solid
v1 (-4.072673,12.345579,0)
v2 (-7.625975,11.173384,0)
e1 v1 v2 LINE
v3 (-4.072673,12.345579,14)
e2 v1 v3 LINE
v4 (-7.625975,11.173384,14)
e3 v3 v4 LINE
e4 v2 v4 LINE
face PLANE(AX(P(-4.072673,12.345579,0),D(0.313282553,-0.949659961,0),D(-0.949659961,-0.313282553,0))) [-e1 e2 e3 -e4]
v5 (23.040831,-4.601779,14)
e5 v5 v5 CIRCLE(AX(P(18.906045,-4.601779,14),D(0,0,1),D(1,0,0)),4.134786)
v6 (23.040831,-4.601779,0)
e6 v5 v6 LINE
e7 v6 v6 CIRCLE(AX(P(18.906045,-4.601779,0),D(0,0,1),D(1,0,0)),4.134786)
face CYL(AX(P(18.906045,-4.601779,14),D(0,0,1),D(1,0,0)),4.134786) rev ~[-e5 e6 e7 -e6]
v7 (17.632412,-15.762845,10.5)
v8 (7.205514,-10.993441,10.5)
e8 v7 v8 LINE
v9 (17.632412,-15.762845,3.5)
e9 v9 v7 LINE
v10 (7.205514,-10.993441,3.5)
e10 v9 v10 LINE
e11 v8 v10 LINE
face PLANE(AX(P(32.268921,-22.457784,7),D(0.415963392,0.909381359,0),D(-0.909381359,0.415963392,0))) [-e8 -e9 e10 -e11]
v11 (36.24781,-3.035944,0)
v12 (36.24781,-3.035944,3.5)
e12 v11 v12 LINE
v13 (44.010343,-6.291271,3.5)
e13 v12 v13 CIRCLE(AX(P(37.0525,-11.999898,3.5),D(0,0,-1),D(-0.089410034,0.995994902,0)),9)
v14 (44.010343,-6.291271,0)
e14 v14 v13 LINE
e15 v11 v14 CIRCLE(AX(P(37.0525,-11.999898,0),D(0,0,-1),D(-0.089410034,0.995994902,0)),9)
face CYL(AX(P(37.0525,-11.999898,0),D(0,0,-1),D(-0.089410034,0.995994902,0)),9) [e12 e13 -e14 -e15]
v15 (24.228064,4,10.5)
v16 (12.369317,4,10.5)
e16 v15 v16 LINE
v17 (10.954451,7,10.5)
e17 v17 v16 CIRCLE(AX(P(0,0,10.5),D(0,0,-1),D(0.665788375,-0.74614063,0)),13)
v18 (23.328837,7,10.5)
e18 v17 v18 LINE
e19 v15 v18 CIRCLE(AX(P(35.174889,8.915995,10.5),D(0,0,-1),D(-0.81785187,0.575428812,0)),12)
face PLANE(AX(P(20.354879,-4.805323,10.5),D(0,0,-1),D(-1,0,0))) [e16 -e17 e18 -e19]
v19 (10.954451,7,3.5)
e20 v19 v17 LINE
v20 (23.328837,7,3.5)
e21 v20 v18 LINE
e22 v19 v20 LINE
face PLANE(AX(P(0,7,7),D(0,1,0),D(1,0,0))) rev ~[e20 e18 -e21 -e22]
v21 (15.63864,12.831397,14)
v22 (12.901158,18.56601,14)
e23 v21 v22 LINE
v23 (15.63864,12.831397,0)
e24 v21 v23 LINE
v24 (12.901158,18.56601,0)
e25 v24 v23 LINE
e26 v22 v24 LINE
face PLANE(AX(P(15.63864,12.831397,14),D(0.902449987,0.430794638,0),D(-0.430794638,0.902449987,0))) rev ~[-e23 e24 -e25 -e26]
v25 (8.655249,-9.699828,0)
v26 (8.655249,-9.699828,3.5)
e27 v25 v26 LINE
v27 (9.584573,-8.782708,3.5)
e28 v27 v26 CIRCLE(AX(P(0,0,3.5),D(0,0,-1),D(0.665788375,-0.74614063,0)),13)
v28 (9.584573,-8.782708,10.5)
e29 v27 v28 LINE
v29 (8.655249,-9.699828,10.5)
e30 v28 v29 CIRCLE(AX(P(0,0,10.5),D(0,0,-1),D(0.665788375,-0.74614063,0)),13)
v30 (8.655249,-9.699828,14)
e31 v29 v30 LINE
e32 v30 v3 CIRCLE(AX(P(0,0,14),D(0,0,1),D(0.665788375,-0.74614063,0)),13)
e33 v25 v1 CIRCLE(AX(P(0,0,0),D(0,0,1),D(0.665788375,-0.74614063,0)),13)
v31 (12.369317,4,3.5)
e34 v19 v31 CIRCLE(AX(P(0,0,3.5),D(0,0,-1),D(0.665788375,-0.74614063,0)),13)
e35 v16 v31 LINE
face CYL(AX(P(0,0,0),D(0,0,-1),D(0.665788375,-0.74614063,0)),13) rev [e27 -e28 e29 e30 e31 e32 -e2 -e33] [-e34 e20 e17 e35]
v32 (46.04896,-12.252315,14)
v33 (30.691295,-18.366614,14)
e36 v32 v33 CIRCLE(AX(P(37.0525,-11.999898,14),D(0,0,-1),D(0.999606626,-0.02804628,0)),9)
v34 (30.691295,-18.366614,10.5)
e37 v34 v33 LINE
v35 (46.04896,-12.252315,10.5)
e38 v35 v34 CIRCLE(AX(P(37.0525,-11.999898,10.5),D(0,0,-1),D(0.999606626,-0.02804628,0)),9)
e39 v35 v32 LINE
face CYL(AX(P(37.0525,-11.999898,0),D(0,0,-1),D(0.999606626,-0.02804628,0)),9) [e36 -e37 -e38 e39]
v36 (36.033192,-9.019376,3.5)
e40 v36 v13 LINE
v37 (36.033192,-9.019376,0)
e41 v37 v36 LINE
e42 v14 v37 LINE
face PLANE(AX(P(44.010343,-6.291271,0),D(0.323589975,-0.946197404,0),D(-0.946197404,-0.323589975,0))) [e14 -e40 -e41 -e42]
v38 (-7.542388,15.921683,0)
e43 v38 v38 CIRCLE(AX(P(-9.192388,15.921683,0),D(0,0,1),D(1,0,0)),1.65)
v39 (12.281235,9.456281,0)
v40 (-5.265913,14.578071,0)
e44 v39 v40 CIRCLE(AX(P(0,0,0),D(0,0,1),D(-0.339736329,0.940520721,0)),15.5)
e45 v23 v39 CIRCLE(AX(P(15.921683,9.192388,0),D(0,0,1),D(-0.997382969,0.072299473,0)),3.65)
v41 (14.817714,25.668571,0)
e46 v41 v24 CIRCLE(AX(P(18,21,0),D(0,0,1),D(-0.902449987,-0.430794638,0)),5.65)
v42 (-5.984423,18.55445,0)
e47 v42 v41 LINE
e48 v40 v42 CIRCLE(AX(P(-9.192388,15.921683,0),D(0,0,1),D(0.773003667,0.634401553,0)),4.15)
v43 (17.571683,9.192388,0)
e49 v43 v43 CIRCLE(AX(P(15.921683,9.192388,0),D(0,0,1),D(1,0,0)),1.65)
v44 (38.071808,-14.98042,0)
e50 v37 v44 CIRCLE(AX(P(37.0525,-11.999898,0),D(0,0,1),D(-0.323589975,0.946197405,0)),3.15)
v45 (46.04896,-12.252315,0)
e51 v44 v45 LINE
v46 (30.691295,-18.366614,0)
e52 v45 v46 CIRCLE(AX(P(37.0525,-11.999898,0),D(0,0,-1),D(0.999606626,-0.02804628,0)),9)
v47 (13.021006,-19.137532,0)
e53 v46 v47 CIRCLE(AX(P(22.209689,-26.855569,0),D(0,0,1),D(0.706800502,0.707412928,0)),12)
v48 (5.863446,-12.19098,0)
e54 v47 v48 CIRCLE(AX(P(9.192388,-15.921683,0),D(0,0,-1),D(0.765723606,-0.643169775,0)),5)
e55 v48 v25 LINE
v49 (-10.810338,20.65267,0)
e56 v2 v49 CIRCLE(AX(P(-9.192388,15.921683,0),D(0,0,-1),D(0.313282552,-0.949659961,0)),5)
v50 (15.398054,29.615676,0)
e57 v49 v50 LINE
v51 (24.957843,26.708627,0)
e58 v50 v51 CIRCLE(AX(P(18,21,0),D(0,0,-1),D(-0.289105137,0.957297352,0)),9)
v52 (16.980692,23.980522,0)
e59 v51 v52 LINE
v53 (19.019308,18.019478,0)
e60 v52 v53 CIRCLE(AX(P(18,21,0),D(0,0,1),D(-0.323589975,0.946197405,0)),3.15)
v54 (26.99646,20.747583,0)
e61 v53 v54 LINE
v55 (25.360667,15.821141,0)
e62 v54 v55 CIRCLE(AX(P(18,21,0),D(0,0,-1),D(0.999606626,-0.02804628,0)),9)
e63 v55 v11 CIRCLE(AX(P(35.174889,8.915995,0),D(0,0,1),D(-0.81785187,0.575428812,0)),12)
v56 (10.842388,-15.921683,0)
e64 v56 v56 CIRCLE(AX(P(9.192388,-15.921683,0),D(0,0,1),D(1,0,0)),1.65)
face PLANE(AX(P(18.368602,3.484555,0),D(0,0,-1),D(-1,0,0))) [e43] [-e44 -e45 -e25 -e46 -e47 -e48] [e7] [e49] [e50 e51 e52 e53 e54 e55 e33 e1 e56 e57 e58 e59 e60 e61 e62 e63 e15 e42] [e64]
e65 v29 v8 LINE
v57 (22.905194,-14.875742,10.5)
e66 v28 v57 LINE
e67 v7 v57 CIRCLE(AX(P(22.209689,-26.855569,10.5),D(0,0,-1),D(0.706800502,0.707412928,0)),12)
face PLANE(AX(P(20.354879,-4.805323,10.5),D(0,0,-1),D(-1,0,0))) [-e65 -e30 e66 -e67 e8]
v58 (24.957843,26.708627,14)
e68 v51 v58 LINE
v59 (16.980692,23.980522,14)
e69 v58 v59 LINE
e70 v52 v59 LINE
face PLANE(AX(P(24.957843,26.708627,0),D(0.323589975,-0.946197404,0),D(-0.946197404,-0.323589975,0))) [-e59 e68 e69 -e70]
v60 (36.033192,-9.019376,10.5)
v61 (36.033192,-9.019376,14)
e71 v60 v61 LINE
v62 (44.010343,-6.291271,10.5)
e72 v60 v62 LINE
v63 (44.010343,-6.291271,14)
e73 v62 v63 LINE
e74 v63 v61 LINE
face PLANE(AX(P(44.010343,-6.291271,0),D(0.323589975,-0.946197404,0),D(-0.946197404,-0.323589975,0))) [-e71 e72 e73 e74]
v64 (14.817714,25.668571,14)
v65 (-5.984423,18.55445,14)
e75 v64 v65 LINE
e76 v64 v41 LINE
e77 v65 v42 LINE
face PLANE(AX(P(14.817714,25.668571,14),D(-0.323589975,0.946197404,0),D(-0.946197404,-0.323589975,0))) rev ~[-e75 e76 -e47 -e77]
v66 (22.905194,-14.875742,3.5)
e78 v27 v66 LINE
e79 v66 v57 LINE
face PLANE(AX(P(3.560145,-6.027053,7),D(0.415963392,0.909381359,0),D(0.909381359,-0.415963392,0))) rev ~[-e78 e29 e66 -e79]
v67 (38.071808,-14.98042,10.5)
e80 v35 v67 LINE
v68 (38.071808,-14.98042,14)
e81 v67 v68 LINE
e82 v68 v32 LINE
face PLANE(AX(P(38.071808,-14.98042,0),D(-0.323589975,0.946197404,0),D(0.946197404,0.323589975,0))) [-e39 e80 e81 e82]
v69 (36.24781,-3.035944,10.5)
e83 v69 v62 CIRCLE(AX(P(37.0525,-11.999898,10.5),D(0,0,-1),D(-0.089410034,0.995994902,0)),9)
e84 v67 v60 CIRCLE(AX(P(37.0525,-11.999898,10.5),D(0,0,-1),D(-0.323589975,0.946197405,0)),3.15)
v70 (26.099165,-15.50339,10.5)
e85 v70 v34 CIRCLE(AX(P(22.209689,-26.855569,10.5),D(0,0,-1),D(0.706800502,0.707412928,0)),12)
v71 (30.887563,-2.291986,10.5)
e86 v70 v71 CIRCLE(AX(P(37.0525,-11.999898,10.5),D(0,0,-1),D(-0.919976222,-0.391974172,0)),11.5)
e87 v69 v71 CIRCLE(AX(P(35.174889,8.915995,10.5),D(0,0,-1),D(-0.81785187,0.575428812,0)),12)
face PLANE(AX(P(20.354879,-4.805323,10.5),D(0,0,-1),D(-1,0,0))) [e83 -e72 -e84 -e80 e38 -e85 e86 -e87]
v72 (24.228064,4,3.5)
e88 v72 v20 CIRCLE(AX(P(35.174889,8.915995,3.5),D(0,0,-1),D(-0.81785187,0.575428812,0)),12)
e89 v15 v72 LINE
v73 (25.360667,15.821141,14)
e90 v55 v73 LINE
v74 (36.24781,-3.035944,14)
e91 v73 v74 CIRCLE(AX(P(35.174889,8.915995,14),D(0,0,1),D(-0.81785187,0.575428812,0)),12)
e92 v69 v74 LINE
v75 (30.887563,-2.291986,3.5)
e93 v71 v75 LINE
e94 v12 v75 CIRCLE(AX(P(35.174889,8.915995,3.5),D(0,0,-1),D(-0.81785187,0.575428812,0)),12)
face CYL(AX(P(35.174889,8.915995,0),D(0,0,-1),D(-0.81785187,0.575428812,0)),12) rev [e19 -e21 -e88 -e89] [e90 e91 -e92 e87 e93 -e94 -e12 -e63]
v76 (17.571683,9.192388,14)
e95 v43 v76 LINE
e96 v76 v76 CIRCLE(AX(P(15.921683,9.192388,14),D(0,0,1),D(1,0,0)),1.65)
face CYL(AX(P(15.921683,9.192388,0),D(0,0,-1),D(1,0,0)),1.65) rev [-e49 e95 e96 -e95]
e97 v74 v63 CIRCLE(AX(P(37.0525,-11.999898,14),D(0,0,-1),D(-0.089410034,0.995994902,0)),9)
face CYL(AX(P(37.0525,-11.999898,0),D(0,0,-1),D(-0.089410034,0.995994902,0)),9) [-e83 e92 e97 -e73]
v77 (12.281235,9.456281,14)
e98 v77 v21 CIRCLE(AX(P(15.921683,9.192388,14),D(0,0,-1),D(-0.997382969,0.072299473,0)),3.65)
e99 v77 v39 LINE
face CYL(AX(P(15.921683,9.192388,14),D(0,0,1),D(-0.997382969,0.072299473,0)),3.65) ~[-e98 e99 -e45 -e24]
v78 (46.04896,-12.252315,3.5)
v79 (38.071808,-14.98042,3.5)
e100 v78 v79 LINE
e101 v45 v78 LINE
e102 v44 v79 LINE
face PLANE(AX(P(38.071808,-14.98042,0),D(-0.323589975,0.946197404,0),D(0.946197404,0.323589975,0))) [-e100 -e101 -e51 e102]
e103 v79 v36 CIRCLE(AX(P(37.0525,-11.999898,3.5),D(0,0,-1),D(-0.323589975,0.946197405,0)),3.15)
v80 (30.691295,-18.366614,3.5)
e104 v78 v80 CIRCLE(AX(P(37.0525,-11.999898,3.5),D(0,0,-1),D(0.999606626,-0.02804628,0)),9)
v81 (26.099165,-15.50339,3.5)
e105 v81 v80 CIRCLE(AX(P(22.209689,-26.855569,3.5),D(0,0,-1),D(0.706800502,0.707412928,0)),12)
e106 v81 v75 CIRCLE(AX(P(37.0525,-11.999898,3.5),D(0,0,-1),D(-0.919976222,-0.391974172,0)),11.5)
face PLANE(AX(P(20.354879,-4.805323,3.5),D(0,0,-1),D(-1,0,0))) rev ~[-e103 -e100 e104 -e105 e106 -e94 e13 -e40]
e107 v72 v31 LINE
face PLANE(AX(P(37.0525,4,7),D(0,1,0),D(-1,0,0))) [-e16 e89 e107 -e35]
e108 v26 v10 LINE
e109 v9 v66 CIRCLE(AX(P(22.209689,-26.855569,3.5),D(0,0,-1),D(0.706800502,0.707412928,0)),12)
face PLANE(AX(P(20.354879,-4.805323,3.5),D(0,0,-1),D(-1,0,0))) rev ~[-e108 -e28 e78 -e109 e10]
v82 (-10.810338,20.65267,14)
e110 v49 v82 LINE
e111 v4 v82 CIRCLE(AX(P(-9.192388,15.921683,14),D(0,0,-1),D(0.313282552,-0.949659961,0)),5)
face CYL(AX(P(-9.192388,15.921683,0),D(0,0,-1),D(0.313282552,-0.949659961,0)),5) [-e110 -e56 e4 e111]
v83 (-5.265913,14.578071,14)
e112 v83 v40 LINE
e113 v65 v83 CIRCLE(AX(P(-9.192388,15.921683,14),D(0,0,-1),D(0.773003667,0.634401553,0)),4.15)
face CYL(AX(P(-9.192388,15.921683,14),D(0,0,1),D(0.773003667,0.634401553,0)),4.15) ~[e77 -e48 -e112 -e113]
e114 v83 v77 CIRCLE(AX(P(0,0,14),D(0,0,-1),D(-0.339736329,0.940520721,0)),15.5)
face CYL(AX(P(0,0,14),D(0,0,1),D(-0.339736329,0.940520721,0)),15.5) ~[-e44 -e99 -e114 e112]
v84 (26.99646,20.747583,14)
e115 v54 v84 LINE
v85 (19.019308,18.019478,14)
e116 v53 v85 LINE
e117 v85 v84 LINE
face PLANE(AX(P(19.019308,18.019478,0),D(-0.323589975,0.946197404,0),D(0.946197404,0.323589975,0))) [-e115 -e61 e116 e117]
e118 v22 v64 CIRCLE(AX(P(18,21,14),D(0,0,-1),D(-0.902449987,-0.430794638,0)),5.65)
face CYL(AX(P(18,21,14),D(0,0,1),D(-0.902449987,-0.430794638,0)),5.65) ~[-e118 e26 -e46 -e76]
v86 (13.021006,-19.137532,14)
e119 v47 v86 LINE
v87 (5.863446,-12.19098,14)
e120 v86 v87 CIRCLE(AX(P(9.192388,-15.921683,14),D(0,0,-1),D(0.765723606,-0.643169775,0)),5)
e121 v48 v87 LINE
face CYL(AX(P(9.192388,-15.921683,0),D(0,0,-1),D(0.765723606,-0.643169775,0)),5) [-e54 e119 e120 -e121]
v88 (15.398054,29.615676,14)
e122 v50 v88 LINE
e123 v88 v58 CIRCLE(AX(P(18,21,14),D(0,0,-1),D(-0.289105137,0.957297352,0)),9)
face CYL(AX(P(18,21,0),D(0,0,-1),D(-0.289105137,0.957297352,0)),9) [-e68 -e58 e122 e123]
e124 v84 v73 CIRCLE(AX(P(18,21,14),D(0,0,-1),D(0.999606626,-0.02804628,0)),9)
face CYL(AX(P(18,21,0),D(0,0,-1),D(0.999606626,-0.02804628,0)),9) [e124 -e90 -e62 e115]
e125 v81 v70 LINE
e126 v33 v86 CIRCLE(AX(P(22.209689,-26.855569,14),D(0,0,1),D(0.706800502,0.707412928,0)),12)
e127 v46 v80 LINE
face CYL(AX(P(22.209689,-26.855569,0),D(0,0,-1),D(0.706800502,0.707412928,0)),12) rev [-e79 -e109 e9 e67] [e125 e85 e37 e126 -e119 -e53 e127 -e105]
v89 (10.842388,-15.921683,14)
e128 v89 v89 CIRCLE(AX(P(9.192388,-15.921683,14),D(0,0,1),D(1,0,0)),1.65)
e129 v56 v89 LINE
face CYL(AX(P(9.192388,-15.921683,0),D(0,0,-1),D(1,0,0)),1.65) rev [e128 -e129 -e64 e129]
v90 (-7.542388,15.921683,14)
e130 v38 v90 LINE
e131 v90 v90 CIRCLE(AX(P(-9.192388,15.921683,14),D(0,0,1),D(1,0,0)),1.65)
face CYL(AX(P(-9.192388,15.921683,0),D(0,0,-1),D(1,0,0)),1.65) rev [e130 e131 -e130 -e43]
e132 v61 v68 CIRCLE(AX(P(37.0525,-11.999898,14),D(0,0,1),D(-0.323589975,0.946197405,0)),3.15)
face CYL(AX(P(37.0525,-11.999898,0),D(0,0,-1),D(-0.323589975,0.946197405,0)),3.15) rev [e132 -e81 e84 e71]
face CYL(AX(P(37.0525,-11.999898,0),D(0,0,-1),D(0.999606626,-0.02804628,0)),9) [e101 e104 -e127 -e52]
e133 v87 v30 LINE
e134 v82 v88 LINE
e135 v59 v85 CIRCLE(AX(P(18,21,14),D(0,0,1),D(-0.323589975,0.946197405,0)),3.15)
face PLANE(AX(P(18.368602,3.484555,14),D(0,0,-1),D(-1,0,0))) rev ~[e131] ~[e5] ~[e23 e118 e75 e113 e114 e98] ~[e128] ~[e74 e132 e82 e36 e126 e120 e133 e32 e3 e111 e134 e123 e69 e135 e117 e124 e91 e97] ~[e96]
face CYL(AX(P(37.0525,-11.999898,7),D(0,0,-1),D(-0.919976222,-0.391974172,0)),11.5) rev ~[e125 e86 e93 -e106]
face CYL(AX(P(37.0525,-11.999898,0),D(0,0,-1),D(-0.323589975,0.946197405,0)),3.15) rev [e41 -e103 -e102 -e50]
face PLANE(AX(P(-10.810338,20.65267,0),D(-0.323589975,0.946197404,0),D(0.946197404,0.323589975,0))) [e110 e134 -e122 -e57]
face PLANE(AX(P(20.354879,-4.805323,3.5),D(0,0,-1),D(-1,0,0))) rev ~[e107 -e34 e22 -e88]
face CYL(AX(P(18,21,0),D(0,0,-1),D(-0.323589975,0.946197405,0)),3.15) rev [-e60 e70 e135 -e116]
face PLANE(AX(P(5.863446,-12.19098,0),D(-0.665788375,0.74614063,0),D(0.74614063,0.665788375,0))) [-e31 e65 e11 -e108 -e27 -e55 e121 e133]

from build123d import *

# Parameters (mm, degrees)
SKETCH1_R               = 1.65
BOSS_EXTRUDE1_DEPTH     = 14
CUT_EXTRUDE1_DEPTH      = 3.5
CUT_EXTRUDE1_DEPTH_BACK = 3.5
SKETCH4_R               = 4.134785872
CUT_EXTRUDE2_DEPTH      = 15


with BuildPart() as part:
    # Sketch1 → Boss-Extrude1 (new body)
    with BuildSketch(Plane.XY):
        with BuildLine():
            Line((-4.072673183, 12.345579498), (-7.625975393, 11.173383521))
            ThreePointArc((-7.625975393, 11.173383521), (-13.932101619, 14.329478478), (-10.810338029, 20.652670351))
            Line((-10.810338029, 20.652670351), (15.398053767, 29.615676166))
            ThreePointArc((15.398053767, 29.615676166), (20.618433164, 29.610679867), (24.957842791, 26.708627129))
            Line((24.957842791, 26.708627129), (16.98069158, 23.980521824))
            ThreePointArc((16.98069158, 23.980521824), (15.019478176, 19.98069158), (19.01930842, 18.019478176))
            Line((19.01930842, 18.019478176), (26.996459631, 20.747583481))
            ThreePointArc((26.996459631, 20.747583481), (26.541449303, 18.163868162), (25.360666834, 15.821140689))
            ThreePointArc((25.360666834, 15.821140689), (24.782584433, 2.915994941), (36.247809691, -3.035943889))
            ThreePointArc((36.247809691, -3.035943889), (40.533104807, -3.700175716), (44.010342791, -6.291270882))
            Line((44.010342791, -6.291270882), (36.03319158, -9.019376187))
            ThreePointArc((36.03319158, -9.019376187), (34.071978176, -13.019206432), (38.07180842, -14.980419835))
            Line((38.07180842, -14.980419835), (46.048959631, -12.25231453))
            ThreePointArc((46.048959631, -12.25231453), (40.381510061, -20.361577987), (30.691295483, -18.366614362))
            ThreePointArc((30.691295483, -18.366614362), (21.686652044, -14.866973588), (13.021006186, -19.137532201))
            ThreePointArc((13.021006186, -19.137532201), (5.710138119, -19.509709901), (5.863446279, -12.190980179))
            Line((5.863446279, -12.190980179), (8.655248878, -9.699828187))
            ThreePointArc((8.655248878, -9.699828187), (11.258330249, 6.5), (-4.072673183, 12.345579498))
        make_face()
        with Locations((-9.192388155, 15.921683328)):
            Circle(SKETCH1_R, mode=Mode.SUBTRACT)
        with Locations((15.921683328, 9.192388155)):
            Circle(SKETCH1_R, mode=Mode.SUBTRACT)
        with Locations((9.192388155, -15.921683328)):
            Circle(SKETCH1_R, mode=Mode.SUBTRACT)
    extrude(amount=BOSS_EXTRUDE1_DEPTH)

    # Sketch3 → Cut-Extrude1 (cut, two sides)
    with BuildSketch(Plane.XY.offset(7)) as cut_extrude1_sk:
        with BuildLine():
            Line((0, 7), (37.0525, 7))
            Line((37.0525, 7), (37.0525, 4))
            Line((37.0525, 4), (5.744562647, 4))
            ThreePointArc((5.744562647, 4), (6.839579176, -1.490019025), (3.560144623, -6.027053199))
            Line((3.560144623, -6.027053199), (26.472773451, -16.50760099))
            ThreePointArc((26.472773451, -16.50760099), (45.290154871, -3.975495091), (32.268920997, -22.457783645))
            Line((32.268920997, -22.457783645), (-2.911743741, -6.365669516))
            ThreePointArc((-2.911743741, -6.365669516), (-6.839579176, 1.490019025), (0, 7))
        make_face()
    extrude(amount=CUT_EXTRUDE1_DEPTH, mode=Mode.SUBTRACT)
    extrude(cut_extrude1_sk.sketch, amount=-CUT_EXTRUDE1_DEPTH_BACK, mode=Mode.SUBTRACT)

    # Sketch4 → Cut-Extrude2 (cut, through all)
    with BuildSketch(Plane.XY.offset(14)):
        with Locations((18.906044872, -4.601778811)):
            Circle(SKETCH4_R)
        with BuildLine():
            Line((15.638639586, 12.831397119), (12.901157572, 18.566010293))
            ThreePointArc((12.901157572, 18.566010293), (12.545106314, 22.471949344), (14.817713576, 25.668570778))
            Line((14.817713576, 25.668570778), (-5.984422938, 18.554449775))
            ThreePointArc((-5.984422938, 18.554449775), (-5.108522805, 16.659615437), (-5.265913096, 14.578071178))
            ThreePointArc((-5.265913096, 14.578071178), (4.343025459, 14.879117241), (12.281235493, 9.456281234))
            ThreePointArc((12.281235493, 9.456281234), (13.333962642, 11.766529109), (15.638639586, 12.831397119))
        make_face()
    extrude(amount=-CUT_EXTRUDE2_DEPTH, mode=Mode.SUBTRACT)


solid = part.part
